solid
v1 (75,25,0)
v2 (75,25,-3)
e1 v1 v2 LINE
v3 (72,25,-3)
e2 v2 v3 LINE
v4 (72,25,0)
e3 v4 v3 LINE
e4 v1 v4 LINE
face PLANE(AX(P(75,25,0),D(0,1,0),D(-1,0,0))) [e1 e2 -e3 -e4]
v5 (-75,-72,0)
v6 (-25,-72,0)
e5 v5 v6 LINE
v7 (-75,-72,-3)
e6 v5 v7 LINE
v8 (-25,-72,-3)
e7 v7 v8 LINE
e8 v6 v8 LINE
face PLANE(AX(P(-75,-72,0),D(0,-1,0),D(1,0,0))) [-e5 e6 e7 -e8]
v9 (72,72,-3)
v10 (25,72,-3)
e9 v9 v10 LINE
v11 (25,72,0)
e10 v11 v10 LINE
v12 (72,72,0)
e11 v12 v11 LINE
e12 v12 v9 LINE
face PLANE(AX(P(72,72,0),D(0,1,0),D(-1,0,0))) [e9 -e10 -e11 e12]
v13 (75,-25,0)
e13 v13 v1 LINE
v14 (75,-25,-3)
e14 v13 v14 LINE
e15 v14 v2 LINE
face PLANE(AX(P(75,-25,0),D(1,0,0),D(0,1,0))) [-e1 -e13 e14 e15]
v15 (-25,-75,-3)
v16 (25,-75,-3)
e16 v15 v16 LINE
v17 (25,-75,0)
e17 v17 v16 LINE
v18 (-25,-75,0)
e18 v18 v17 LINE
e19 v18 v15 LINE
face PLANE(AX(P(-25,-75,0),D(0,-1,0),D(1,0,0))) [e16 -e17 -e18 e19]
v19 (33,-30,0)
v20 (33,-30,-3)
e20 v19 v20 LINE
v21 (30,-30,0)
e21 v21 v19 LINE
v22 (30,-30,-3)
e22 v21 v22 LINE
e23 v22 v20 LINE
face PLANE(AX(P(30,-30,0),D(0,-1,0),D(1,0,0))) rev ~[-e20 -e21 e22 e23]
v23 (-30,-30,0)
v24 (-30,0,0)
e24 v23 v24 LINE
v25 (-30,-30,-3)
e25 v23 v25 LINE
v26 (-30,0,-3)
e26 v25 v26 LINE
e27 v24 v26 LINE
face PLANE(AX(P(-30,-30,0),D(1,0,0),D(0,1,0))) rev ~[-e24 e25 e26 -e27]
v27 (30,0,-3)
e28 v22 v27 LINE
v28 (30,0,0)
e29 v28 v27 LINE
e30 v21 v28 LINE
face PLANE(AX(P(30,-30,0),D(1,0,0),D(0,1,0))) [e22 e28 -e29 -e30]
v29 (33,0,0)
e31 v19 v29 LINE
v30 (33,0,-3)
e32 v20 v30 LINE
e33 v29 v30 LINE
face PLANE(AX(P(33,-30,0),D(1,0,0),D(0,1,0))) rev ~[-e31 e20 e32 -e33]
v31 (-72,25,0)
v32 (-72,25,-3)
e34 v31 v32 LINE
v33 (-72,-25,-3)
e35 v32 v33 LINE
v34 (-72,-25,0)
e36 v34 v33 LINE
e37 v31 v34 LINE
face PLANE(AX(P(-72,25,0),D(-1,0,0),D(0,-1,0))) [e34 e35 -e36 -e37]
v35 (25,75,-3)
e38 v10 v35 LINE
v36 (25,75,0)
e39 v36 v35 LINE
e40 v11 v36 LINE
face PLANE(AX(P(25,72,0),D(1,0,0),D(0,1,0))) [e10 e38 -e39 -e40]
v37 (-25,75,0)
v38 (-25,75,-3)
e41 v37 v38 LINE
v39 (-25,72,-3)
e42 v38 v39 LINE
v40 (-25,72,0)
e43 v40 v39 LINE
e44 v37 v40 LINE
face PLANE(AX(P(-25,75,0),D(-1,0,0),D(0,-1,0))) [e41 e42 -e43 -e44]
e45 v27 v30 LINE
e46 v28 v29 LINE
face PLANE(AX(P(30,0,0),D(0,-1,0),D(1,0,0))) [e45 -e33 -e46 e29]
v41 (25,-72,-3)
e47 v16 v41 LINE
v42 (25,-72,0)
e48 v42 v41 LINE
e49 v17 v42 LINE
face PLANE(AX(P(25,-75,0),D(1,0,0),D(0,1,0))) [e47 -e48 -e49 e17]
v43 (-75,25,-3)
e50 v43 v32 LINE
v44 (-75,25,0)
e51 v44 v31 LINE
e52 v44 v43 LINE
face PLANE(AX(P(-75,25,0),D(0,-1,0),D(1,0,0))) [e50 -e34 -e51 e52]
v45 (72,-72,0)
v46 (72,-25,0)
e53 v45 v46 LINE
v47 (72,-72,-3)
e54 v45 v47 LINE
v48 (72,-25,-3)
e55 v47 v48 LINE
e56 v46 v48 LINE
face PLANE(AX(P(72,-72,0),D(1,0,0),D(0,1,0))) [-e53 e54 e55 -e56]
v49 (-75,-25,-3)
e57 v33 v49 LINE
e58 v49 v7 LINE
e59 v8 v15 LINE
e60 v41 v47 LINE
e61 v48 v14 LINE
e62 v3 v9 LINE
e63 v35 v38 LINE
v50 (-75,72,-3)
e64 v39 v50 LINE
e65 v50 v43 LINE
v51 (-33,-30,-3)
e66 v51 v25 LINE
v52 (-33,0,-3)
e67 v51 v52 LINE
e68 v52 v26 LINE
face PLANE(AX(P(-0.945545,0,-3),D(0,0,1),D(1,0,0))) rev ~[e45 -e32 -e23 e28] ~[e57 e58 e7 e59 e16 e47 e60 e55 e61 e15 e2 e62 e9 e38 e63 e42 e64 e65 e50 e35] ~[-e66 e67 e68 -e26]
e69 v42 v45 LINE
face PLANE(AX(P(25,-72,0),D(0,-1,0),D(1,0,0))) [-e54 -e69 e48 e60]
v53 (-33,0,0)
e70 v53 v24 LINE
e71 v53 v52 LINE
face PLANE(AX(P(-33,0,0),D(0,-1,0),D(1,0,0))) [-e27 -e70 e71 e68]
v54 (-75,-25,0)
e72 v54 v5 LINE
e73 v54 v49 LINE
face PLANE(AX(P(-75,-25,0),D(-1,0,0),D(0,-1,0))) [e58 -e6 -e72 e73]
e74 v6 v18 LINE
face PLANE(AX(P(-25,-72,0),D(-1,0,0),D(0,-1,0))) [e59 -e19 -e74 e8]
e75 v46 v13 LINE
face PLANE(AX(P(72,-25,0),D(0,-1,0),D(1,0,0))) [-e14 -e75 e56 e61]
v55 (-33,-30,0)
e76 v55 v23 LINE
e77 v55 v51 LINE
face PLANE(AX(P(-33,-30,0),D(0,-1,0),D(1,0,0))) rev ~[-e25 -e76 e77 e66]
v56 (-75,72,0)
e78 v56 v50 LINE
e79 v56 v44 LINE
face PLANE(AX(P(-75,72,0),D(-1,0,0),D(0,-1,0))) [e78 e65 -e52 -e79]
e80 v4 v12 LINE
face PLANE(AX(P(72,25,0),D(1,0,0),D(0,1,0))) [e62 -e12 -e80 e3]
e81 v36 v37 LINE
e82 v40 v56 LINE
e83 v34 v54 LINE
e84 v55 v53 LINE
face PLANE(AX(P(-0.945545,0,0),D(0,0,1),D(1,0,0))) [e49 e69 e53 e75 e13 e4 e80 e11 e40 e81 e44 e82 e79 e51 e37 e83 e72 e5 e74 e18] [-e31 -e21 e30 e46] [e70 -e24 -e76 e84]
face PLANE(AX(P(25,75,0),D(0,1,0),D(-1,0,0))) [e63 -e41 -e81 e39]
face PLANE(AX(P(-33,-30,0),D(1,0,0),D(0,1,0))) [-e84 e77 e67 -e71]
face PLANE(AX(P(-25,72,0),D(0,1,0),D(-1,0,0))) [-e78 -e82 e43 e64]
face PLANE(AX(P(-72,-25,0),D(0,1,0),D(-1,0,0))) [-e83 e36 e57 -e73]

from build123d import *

# Parameters (mm, degrees)
F0_W     = 3
F0_H     = 30
F1_DEPTH = 3


with BuildPart() as f1:
    # F0 (on Top) → F1 (new body)
    with BuildSketch(Plane.XY):
        Polygon((25, 72), (25, 75), (-25, 75), (-25, 72), (-75, 72), (-75, 25), (-72, 25), (-72, -25), (-75, -25), (-75, -72), (-25, -72), (-25, -75), (25, -75), (25, -72), (72, -72), (72, -25), (75, -25), (75, 25), (72, 25), (72, 72), align=None)
        with Locations((-31.5, -15)):
            Rectangle(F0_W, F0_H, mode=Mode.SUBTRACT)
        with Locations((31.5, -15)):
            Rectangle(F0_W, F0_H, mode=Mode.SUBTRACT)
        Polygon((-25, 52.5), (-25, 40), (-25, 27.5), (-45, 27.5), (-45, 52.5), align=None, mode=Mode.SUBTRACT)
        Polygon((25, 27.5), (25, 40), (25, 52.5), (45, 52.5), (45, 27.5), align=None, mode=Mode.SUBTRACT)
        Polygon((-25, 27.5), (-25, 40), (-25, 52.5), (-45, 52.5), (-45, 27.5), align=None)
        Polygon((25, 52.5), (25, 40), (25, 27.5), (45, 27.5), (45, 52.5), align=None)
    extrude(amount=-F1_DEPTH)


solid = f1.part
